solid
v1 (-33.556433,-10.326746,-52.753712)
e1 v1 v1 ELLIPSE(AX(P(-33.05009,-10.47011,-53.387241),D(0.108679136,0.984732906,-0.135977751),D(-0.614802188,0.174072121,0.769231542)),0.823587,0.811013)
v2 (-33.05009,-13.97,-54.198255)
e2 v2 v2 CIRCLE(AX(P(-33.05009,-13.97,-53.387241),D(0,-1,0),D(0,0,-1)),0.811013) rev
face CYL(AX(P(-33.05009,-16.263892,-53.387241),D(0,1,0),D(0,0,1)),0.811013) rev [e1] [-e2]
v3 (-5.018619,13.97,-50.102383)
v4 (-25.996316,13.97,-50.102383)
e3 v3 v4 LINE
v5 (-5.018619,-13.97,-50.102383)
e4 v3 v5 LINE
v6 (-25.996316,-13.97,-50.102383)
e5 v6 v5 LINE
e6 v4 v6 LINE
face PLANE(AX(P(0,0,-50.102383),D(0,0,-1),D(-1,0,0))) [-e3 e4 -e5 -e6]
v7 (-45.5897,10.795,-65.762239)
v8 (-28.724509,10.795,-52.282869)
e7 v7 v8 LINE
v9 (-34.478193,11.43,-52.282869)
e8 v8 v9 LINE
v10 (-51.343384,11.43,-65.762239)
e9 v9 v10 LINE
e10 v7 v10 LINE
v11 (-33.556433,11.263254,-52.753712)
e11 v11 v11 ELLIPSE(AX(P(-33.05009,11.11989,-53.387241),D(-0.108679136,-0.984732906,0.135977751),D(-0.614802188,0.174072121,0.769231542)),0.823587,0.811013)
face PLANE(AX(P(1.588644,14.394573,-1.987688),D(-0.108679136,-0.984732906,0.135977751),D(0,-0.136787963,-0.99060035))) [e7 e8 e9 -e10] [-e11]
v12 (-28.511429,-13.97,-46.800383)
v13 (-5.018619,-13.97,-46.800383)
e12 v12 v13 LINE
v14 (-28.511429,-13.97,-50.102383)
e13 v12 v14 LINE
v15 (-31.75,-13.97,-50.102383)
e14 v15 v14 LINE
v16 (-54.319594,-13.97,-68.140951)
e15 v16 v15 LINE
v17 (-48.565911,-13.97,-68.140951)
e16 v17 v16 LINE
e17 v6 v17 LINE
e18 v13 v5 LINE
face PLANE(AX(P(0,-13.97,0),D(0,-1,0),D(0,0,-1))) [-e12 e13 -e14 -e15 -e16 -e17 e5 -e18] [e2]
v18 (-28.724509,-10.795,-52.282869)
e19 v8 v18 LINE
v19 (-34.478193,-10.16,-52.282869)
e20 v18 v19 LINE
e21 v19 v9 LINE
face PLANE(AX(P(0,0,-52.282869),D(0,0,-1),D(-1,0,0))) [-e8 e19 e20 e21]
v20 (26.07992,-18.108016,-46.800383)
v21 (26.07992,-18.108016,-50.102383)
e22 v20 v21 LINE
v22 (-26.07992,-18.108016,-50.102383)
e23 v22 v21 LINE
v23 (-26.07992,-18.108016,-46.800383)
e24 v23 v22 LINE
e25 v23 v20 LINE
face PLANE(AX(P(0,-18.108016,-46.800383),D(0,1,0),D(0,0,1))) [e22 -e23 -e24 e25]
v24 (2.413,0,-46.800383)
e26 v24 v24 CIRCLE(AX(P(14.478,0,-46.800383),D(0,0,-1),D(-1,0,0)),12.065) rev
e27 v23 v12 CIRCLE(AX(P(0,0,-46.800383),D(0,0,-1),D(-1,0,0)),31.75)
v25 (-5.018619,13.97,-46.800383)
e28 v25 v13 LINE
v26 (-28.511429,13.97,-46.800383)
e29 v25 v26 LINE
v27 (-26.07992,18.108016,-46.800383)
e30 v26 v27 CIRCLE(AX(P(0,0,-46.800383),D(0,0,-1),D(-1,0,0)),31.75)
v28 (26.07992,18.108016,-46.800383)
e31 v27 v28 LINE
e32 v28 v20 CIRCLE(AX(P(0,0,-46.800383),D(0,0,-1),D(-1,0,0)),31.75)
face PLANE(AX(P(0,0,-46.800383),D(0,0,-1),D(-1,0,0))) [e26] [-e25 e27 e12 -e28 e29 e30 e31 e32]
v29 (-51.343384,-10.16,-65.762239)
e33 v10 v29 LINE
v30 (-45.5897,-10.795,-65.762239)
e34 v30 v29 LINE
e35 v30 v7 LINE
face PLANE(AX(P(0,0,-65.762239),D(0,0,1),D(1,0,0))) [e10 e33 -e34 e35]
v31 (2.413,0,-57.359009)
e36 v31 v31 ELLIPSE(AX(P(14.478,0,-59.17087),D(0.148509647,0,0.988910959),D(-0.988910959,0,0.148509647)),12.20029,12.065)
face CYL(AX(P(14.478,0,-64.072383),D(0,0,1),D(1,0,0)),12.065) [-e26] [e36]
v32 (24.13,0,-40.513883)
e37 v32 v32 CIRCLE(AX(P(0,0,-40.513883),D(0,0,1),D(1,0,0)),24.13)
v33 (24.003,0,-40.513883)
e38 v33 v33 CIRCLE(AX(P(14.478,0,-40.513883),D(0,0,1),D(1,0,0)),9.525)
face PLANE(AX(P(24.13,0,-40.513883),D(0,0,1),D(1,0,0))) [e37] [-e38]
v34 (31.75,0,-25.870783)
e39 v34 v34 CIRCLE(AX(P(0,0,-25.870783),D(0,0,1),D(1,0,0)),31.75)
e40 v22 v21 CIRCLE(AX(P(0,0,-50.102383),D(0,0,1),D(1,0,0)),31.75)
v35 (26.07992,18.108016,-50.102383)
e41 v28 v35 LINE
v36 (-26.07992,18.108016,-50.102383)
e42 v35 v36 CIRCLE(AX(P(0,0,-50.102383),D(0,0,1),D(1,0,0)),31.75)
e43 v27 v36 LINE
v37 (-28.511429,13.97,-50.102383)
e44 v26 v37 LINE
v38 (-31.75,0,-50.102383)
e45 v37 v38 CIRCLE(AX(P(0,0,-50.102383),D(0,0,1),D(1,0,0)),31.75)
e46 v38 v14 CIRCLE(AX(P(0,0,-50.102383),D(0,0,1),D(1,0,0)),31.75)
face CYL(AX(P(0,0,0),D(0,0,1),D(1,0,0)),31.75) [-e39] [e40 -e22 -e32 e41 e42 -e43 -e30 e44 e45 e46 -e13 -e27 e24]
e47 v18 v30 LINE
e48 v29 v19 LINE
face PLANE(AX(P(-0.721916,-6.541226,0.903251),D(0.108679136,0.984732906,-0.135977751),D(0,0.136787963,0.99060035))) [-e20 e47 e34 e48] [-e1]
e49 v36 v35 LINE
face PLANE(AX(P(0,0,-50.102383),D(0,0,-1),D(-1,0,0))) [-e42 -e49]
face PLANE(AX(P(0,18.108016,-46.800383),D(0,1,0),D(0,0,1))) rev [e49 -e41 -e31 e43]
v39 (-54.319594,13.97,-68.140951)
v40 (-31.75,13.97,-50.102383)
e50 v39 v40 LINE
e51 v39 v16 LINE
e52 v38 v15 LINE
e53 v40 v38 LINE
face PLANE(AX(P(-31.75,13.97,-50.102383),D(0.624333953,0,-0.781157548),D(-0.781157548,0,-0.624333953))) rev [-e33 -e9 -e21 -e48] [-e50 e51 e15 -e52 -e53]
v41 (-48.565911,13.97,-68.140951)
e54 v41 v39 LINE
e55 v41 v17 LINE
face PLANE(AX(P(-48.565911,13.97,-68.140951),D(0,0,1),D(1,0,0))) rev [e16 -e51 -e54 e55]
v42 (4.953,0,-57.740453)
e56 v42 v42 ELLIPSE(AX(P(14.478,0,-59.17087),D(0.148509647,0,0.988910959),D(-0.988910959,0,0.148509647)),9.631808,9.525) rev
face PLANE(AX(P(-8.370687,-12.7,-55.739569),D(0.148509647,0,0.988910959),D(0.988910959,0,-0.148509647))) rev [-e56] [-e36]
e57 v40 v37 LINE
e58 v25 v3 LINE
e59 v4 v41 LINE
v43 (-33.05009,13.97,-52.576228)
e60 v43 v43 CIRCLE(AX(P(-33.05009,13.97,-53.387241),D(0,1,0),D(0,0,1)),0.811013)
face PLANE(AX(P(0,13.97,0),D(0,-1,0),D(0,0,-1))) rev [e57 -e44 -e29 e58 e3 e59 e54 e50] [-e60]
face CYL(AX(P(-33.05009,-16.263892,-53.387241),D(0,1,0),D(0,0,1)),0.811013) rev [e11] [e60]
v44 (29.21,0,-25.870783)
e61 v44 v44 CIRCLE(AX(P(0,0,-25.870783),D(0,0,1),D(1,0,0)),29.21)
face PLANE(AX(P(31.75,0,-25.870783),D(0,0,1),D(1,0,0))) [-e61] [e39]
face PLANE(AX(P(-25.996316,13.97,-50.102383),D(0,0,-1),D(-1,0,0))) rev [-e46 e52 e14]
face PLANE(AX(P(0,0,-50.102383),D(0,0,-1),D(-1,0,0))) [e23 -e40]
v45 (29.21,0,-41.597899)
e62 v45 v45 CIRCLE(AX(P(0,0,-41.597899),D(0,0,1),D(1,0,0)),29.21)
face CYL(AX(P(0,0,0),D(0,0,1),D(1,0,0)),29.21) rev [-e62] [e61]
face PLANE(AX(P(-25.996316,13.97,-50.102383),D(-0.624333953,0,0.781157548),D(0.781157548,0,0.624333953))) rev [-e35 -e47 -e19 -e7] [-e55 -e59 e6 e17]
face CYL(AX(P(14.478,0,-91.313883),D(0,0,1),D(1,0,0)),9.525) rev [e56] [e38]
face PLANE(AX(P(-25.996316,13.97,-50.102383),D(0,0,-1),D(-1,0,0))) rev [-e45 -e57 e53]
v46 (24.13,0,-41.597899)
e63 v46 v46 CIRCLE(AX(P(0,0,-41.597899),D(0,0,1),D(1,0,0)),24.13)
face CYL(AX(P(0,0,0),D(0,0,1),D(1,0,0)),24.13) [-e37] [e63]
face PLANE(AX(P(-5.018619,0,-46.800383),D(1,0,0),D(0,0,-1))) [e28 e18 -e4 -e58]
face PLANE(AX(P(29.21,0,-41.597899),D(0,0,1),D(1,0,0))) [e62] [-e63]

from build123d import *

# Parameters (mm, degrees)
SKETCH2_R                   = 9.525
LID_HOLE_DEPTH              = 50.8
SKETCH5_R                   = 12.065
LID_MOUTHPIECE_DEPTH        = 13.97
SKETCH6_R                   = 9.525
LID_HOLE_2_DEPTH            = 59.953263205
LID_HANDLE_DEPTH            = 13.97
SLOT_START                  = -3.302
SKETCH11_R                  = 12.065
SLOT_FOR_COVER_DEPTH        = 3.302
ANGLED_MOUTHPIECE_CUT_DEPTH = 12.7
CUT_EXTRUDE3_START          = -27.94
SKETCH15_R                  = 0.811013261
CUT_EXTRUDE3_DEPTH          = 27.94


with BuildPart() as part:
    # Sketch1 → Lid Shape (revolve)
    with BuildSketch(Plane(origin=(0, 0, 0), x_dir=(1, 0, 0), z_dir=(0, 1, 0))):
        Polygon((0, 50.10238266), (31.75, 50.10238266), (31.75, 25.87078266), (29.21, 25.87078266), (29.21, 40.51388266), (29.21, 41.597899191), (24.13, 41.597899191), (24.13, 40.51388266), (0, 40.51388266), align=None)
    revolve(axis=Axis((0, 0, 0), (0, 0, -1)))

    # Sketch2 → Lid Hole (cut)
    with BuildSketch(Plane.XY.offset(-40.51388266)):
        with Locations((14.478, 0)):
            Circle(SKETCH2_R)
    extrude(amount=-LID_HOLE_DEPTH, mode=Mode.SUBTRACT)

    # Sketch5 → Lid Mouthpiece (add)
    with BuildSketch(Plane(origin=(0, 0, -50.10238266), x_dir=(-1, 0, 0), z_dir=(0, 0, -1))):
        with Locations((-14.478, 0)):
            Circle(SKETCH5_R)
    extrude(amount=LID_MOUTHPIECE_DEPTH)

    # Sketch6 → Lid Hole 2 (cut, through all)
    with BuildSketch(Plane(origin=(0, 0, -64.07238266), x_dir=(-1, 0, 0), z_dir=(0, 0, -1))):
        with Locations(Location((-14.478, 0, 0), (0, 0, 180))):
            Circle(SKETCH6_R)
    extrude(amount=-LID_HOLE_2_DEPTH, mode=Mode.SUBTRACT)

    # Sketch8 → Lid Handle (add, symmetric)
    with BuildSketch(Plane(origin=(0, 0, 0), x_dir=(1, 0, 0), z_dir=(0, 1, 0))):
        Polygon((-31.75, 50.10238266), (-52.891013527, 66.999169477), (-54.31959445, 68.140951412), (-48.565910523, 68.140951412), (-25.996316072, 50.10238266), align=None)
    extrude(amount=LID_HANDLE_DEPTH, both=True)

    # Sketch9 → Handle Hole section 0
    with BuildSketch(Plane(origin=(14.301912302, 0, -17.894344333), x_dir=(-0.7811575478192837, 0, -0.6243339534936118), z_dir=(0.6243339534936119, 0, -0.7811575478192838))):
        with BuildLine():
            Line((55.080337161, 10.795), (76.670337161, 10.795))
            Line((76.670337161, 10.795), (76.670337161, -10.795))
            Line((76.670337161, -10.795), (55.080337161, -10.795))
            Line((55.080337161, -10.795), (55.080337161, 10.795))
        make_face()
    # Sketch10 → Handle Hole section 1
    with BuildSketch(Plane(origin=(12.059167241, 0, -15.088254384), x_dir=(0.7811575478192838, 0, 0.6243339534936119), z_dir=(-0.6243339534936118, 0, 0.7811575478192837))):
        with BuildLine():
            Line((-81.164870789, 11.43), (-59.574870789, 11.43))
            Line((-59.574870789, 11.43), (-59.574870789, -10.16))
            Line((-59.574870789, -10.16), (-81.164870789, -10.16))
            Line((-81.164870789, -10.16), (-81.164870789, 11.43))
        make_face()
    loft(mode=Mode.SUBTRACT)

    # Sketch11 → Slot for Cover (cut)
    with BuildSketch(Plane(origin=(0, 0, -50.10238266), x_dir=(-1, 0, 0), z_dir=(0, 0, -1)).offset(SLOT_START)):
        with BuildLine():
            ThreePointArc((28.511429287, 13.97), (27.373977798, 16.085019102), (26.079920429, 18.108016192))
            Line((26.079920429, 18.108016192), (-26.079920429, 18.108016192))
            ThreePointArc((-26.079920429, 18.108016192), (-30.299339709, 9.48749246), (-31.75, 0))
            ThreePointArc((-31.75, 0), (-30.299339709, -9.48749246), (-26.079920429, -18.108016192))
            Line((-26.079920429, -18.108016192), (26.079920429, -18.108016192))
            ThreePointArc((26.079920429, -18.108016192), (27.373977798, -16.085019102), (28.511429287, -13.97))
            Line((28.511429287, -13.97), (25.996316072, -13.97))
            Line((25.996316072, -13.97), (5.018618521, -13.97))
            Line((5.018618521, -13.97), (5.018618521, 13.97))
            Line((5.018618521, 13.97), (25.996316072, 13.97))
            Line((25.996316072, 13.97), (28.511429287, 13.97))
        make_face()
        with Locations((-14.478, 0)):
            Circle(SKETCH11_R, mode=Mode.SUBTRACT)
    extrude(amount=SLOT_FOR_COVER_DEPTH, mode=Mode.SUBTRACT)

    # Sketch12 → Angled Mouthpiece Cut (cut, symmetric)
    with BuildSketch(Plane(origin=(0, 0, 0), x_dir=(1, 0, 0), z_dir=(0, 1, 0))):
        Polygon((26.628471811, 67.14025983), (26.628471811, 60.995566014), (2.357445469, 57.350666014), (2.357445469, 67.14025983), align=None)
    extrude(amount=ANGLED_MOUTHPIECE_CUT_DEPTH, both=True, mode=Mode.SUBTRACT)

    # Sketch15 → Cut-Extrude3 (cut)
    with BuildSketch(Plane(origin=(0, 13.97, 0), x_dir=(1, 0, 0), z_dir=(0, 1, 0)).offset(CUT_EXTRUDE3_START)):
        with Locations(Location((-33.050089725, 53.387241314, 0), (0, 0, 231.366681908))):
            Circle(SKETCH15_R)
    extrude(amount=CUT_EXTRUDE3_DEPTH, mode=Mode.SUBTRACT)


solid = part.part
